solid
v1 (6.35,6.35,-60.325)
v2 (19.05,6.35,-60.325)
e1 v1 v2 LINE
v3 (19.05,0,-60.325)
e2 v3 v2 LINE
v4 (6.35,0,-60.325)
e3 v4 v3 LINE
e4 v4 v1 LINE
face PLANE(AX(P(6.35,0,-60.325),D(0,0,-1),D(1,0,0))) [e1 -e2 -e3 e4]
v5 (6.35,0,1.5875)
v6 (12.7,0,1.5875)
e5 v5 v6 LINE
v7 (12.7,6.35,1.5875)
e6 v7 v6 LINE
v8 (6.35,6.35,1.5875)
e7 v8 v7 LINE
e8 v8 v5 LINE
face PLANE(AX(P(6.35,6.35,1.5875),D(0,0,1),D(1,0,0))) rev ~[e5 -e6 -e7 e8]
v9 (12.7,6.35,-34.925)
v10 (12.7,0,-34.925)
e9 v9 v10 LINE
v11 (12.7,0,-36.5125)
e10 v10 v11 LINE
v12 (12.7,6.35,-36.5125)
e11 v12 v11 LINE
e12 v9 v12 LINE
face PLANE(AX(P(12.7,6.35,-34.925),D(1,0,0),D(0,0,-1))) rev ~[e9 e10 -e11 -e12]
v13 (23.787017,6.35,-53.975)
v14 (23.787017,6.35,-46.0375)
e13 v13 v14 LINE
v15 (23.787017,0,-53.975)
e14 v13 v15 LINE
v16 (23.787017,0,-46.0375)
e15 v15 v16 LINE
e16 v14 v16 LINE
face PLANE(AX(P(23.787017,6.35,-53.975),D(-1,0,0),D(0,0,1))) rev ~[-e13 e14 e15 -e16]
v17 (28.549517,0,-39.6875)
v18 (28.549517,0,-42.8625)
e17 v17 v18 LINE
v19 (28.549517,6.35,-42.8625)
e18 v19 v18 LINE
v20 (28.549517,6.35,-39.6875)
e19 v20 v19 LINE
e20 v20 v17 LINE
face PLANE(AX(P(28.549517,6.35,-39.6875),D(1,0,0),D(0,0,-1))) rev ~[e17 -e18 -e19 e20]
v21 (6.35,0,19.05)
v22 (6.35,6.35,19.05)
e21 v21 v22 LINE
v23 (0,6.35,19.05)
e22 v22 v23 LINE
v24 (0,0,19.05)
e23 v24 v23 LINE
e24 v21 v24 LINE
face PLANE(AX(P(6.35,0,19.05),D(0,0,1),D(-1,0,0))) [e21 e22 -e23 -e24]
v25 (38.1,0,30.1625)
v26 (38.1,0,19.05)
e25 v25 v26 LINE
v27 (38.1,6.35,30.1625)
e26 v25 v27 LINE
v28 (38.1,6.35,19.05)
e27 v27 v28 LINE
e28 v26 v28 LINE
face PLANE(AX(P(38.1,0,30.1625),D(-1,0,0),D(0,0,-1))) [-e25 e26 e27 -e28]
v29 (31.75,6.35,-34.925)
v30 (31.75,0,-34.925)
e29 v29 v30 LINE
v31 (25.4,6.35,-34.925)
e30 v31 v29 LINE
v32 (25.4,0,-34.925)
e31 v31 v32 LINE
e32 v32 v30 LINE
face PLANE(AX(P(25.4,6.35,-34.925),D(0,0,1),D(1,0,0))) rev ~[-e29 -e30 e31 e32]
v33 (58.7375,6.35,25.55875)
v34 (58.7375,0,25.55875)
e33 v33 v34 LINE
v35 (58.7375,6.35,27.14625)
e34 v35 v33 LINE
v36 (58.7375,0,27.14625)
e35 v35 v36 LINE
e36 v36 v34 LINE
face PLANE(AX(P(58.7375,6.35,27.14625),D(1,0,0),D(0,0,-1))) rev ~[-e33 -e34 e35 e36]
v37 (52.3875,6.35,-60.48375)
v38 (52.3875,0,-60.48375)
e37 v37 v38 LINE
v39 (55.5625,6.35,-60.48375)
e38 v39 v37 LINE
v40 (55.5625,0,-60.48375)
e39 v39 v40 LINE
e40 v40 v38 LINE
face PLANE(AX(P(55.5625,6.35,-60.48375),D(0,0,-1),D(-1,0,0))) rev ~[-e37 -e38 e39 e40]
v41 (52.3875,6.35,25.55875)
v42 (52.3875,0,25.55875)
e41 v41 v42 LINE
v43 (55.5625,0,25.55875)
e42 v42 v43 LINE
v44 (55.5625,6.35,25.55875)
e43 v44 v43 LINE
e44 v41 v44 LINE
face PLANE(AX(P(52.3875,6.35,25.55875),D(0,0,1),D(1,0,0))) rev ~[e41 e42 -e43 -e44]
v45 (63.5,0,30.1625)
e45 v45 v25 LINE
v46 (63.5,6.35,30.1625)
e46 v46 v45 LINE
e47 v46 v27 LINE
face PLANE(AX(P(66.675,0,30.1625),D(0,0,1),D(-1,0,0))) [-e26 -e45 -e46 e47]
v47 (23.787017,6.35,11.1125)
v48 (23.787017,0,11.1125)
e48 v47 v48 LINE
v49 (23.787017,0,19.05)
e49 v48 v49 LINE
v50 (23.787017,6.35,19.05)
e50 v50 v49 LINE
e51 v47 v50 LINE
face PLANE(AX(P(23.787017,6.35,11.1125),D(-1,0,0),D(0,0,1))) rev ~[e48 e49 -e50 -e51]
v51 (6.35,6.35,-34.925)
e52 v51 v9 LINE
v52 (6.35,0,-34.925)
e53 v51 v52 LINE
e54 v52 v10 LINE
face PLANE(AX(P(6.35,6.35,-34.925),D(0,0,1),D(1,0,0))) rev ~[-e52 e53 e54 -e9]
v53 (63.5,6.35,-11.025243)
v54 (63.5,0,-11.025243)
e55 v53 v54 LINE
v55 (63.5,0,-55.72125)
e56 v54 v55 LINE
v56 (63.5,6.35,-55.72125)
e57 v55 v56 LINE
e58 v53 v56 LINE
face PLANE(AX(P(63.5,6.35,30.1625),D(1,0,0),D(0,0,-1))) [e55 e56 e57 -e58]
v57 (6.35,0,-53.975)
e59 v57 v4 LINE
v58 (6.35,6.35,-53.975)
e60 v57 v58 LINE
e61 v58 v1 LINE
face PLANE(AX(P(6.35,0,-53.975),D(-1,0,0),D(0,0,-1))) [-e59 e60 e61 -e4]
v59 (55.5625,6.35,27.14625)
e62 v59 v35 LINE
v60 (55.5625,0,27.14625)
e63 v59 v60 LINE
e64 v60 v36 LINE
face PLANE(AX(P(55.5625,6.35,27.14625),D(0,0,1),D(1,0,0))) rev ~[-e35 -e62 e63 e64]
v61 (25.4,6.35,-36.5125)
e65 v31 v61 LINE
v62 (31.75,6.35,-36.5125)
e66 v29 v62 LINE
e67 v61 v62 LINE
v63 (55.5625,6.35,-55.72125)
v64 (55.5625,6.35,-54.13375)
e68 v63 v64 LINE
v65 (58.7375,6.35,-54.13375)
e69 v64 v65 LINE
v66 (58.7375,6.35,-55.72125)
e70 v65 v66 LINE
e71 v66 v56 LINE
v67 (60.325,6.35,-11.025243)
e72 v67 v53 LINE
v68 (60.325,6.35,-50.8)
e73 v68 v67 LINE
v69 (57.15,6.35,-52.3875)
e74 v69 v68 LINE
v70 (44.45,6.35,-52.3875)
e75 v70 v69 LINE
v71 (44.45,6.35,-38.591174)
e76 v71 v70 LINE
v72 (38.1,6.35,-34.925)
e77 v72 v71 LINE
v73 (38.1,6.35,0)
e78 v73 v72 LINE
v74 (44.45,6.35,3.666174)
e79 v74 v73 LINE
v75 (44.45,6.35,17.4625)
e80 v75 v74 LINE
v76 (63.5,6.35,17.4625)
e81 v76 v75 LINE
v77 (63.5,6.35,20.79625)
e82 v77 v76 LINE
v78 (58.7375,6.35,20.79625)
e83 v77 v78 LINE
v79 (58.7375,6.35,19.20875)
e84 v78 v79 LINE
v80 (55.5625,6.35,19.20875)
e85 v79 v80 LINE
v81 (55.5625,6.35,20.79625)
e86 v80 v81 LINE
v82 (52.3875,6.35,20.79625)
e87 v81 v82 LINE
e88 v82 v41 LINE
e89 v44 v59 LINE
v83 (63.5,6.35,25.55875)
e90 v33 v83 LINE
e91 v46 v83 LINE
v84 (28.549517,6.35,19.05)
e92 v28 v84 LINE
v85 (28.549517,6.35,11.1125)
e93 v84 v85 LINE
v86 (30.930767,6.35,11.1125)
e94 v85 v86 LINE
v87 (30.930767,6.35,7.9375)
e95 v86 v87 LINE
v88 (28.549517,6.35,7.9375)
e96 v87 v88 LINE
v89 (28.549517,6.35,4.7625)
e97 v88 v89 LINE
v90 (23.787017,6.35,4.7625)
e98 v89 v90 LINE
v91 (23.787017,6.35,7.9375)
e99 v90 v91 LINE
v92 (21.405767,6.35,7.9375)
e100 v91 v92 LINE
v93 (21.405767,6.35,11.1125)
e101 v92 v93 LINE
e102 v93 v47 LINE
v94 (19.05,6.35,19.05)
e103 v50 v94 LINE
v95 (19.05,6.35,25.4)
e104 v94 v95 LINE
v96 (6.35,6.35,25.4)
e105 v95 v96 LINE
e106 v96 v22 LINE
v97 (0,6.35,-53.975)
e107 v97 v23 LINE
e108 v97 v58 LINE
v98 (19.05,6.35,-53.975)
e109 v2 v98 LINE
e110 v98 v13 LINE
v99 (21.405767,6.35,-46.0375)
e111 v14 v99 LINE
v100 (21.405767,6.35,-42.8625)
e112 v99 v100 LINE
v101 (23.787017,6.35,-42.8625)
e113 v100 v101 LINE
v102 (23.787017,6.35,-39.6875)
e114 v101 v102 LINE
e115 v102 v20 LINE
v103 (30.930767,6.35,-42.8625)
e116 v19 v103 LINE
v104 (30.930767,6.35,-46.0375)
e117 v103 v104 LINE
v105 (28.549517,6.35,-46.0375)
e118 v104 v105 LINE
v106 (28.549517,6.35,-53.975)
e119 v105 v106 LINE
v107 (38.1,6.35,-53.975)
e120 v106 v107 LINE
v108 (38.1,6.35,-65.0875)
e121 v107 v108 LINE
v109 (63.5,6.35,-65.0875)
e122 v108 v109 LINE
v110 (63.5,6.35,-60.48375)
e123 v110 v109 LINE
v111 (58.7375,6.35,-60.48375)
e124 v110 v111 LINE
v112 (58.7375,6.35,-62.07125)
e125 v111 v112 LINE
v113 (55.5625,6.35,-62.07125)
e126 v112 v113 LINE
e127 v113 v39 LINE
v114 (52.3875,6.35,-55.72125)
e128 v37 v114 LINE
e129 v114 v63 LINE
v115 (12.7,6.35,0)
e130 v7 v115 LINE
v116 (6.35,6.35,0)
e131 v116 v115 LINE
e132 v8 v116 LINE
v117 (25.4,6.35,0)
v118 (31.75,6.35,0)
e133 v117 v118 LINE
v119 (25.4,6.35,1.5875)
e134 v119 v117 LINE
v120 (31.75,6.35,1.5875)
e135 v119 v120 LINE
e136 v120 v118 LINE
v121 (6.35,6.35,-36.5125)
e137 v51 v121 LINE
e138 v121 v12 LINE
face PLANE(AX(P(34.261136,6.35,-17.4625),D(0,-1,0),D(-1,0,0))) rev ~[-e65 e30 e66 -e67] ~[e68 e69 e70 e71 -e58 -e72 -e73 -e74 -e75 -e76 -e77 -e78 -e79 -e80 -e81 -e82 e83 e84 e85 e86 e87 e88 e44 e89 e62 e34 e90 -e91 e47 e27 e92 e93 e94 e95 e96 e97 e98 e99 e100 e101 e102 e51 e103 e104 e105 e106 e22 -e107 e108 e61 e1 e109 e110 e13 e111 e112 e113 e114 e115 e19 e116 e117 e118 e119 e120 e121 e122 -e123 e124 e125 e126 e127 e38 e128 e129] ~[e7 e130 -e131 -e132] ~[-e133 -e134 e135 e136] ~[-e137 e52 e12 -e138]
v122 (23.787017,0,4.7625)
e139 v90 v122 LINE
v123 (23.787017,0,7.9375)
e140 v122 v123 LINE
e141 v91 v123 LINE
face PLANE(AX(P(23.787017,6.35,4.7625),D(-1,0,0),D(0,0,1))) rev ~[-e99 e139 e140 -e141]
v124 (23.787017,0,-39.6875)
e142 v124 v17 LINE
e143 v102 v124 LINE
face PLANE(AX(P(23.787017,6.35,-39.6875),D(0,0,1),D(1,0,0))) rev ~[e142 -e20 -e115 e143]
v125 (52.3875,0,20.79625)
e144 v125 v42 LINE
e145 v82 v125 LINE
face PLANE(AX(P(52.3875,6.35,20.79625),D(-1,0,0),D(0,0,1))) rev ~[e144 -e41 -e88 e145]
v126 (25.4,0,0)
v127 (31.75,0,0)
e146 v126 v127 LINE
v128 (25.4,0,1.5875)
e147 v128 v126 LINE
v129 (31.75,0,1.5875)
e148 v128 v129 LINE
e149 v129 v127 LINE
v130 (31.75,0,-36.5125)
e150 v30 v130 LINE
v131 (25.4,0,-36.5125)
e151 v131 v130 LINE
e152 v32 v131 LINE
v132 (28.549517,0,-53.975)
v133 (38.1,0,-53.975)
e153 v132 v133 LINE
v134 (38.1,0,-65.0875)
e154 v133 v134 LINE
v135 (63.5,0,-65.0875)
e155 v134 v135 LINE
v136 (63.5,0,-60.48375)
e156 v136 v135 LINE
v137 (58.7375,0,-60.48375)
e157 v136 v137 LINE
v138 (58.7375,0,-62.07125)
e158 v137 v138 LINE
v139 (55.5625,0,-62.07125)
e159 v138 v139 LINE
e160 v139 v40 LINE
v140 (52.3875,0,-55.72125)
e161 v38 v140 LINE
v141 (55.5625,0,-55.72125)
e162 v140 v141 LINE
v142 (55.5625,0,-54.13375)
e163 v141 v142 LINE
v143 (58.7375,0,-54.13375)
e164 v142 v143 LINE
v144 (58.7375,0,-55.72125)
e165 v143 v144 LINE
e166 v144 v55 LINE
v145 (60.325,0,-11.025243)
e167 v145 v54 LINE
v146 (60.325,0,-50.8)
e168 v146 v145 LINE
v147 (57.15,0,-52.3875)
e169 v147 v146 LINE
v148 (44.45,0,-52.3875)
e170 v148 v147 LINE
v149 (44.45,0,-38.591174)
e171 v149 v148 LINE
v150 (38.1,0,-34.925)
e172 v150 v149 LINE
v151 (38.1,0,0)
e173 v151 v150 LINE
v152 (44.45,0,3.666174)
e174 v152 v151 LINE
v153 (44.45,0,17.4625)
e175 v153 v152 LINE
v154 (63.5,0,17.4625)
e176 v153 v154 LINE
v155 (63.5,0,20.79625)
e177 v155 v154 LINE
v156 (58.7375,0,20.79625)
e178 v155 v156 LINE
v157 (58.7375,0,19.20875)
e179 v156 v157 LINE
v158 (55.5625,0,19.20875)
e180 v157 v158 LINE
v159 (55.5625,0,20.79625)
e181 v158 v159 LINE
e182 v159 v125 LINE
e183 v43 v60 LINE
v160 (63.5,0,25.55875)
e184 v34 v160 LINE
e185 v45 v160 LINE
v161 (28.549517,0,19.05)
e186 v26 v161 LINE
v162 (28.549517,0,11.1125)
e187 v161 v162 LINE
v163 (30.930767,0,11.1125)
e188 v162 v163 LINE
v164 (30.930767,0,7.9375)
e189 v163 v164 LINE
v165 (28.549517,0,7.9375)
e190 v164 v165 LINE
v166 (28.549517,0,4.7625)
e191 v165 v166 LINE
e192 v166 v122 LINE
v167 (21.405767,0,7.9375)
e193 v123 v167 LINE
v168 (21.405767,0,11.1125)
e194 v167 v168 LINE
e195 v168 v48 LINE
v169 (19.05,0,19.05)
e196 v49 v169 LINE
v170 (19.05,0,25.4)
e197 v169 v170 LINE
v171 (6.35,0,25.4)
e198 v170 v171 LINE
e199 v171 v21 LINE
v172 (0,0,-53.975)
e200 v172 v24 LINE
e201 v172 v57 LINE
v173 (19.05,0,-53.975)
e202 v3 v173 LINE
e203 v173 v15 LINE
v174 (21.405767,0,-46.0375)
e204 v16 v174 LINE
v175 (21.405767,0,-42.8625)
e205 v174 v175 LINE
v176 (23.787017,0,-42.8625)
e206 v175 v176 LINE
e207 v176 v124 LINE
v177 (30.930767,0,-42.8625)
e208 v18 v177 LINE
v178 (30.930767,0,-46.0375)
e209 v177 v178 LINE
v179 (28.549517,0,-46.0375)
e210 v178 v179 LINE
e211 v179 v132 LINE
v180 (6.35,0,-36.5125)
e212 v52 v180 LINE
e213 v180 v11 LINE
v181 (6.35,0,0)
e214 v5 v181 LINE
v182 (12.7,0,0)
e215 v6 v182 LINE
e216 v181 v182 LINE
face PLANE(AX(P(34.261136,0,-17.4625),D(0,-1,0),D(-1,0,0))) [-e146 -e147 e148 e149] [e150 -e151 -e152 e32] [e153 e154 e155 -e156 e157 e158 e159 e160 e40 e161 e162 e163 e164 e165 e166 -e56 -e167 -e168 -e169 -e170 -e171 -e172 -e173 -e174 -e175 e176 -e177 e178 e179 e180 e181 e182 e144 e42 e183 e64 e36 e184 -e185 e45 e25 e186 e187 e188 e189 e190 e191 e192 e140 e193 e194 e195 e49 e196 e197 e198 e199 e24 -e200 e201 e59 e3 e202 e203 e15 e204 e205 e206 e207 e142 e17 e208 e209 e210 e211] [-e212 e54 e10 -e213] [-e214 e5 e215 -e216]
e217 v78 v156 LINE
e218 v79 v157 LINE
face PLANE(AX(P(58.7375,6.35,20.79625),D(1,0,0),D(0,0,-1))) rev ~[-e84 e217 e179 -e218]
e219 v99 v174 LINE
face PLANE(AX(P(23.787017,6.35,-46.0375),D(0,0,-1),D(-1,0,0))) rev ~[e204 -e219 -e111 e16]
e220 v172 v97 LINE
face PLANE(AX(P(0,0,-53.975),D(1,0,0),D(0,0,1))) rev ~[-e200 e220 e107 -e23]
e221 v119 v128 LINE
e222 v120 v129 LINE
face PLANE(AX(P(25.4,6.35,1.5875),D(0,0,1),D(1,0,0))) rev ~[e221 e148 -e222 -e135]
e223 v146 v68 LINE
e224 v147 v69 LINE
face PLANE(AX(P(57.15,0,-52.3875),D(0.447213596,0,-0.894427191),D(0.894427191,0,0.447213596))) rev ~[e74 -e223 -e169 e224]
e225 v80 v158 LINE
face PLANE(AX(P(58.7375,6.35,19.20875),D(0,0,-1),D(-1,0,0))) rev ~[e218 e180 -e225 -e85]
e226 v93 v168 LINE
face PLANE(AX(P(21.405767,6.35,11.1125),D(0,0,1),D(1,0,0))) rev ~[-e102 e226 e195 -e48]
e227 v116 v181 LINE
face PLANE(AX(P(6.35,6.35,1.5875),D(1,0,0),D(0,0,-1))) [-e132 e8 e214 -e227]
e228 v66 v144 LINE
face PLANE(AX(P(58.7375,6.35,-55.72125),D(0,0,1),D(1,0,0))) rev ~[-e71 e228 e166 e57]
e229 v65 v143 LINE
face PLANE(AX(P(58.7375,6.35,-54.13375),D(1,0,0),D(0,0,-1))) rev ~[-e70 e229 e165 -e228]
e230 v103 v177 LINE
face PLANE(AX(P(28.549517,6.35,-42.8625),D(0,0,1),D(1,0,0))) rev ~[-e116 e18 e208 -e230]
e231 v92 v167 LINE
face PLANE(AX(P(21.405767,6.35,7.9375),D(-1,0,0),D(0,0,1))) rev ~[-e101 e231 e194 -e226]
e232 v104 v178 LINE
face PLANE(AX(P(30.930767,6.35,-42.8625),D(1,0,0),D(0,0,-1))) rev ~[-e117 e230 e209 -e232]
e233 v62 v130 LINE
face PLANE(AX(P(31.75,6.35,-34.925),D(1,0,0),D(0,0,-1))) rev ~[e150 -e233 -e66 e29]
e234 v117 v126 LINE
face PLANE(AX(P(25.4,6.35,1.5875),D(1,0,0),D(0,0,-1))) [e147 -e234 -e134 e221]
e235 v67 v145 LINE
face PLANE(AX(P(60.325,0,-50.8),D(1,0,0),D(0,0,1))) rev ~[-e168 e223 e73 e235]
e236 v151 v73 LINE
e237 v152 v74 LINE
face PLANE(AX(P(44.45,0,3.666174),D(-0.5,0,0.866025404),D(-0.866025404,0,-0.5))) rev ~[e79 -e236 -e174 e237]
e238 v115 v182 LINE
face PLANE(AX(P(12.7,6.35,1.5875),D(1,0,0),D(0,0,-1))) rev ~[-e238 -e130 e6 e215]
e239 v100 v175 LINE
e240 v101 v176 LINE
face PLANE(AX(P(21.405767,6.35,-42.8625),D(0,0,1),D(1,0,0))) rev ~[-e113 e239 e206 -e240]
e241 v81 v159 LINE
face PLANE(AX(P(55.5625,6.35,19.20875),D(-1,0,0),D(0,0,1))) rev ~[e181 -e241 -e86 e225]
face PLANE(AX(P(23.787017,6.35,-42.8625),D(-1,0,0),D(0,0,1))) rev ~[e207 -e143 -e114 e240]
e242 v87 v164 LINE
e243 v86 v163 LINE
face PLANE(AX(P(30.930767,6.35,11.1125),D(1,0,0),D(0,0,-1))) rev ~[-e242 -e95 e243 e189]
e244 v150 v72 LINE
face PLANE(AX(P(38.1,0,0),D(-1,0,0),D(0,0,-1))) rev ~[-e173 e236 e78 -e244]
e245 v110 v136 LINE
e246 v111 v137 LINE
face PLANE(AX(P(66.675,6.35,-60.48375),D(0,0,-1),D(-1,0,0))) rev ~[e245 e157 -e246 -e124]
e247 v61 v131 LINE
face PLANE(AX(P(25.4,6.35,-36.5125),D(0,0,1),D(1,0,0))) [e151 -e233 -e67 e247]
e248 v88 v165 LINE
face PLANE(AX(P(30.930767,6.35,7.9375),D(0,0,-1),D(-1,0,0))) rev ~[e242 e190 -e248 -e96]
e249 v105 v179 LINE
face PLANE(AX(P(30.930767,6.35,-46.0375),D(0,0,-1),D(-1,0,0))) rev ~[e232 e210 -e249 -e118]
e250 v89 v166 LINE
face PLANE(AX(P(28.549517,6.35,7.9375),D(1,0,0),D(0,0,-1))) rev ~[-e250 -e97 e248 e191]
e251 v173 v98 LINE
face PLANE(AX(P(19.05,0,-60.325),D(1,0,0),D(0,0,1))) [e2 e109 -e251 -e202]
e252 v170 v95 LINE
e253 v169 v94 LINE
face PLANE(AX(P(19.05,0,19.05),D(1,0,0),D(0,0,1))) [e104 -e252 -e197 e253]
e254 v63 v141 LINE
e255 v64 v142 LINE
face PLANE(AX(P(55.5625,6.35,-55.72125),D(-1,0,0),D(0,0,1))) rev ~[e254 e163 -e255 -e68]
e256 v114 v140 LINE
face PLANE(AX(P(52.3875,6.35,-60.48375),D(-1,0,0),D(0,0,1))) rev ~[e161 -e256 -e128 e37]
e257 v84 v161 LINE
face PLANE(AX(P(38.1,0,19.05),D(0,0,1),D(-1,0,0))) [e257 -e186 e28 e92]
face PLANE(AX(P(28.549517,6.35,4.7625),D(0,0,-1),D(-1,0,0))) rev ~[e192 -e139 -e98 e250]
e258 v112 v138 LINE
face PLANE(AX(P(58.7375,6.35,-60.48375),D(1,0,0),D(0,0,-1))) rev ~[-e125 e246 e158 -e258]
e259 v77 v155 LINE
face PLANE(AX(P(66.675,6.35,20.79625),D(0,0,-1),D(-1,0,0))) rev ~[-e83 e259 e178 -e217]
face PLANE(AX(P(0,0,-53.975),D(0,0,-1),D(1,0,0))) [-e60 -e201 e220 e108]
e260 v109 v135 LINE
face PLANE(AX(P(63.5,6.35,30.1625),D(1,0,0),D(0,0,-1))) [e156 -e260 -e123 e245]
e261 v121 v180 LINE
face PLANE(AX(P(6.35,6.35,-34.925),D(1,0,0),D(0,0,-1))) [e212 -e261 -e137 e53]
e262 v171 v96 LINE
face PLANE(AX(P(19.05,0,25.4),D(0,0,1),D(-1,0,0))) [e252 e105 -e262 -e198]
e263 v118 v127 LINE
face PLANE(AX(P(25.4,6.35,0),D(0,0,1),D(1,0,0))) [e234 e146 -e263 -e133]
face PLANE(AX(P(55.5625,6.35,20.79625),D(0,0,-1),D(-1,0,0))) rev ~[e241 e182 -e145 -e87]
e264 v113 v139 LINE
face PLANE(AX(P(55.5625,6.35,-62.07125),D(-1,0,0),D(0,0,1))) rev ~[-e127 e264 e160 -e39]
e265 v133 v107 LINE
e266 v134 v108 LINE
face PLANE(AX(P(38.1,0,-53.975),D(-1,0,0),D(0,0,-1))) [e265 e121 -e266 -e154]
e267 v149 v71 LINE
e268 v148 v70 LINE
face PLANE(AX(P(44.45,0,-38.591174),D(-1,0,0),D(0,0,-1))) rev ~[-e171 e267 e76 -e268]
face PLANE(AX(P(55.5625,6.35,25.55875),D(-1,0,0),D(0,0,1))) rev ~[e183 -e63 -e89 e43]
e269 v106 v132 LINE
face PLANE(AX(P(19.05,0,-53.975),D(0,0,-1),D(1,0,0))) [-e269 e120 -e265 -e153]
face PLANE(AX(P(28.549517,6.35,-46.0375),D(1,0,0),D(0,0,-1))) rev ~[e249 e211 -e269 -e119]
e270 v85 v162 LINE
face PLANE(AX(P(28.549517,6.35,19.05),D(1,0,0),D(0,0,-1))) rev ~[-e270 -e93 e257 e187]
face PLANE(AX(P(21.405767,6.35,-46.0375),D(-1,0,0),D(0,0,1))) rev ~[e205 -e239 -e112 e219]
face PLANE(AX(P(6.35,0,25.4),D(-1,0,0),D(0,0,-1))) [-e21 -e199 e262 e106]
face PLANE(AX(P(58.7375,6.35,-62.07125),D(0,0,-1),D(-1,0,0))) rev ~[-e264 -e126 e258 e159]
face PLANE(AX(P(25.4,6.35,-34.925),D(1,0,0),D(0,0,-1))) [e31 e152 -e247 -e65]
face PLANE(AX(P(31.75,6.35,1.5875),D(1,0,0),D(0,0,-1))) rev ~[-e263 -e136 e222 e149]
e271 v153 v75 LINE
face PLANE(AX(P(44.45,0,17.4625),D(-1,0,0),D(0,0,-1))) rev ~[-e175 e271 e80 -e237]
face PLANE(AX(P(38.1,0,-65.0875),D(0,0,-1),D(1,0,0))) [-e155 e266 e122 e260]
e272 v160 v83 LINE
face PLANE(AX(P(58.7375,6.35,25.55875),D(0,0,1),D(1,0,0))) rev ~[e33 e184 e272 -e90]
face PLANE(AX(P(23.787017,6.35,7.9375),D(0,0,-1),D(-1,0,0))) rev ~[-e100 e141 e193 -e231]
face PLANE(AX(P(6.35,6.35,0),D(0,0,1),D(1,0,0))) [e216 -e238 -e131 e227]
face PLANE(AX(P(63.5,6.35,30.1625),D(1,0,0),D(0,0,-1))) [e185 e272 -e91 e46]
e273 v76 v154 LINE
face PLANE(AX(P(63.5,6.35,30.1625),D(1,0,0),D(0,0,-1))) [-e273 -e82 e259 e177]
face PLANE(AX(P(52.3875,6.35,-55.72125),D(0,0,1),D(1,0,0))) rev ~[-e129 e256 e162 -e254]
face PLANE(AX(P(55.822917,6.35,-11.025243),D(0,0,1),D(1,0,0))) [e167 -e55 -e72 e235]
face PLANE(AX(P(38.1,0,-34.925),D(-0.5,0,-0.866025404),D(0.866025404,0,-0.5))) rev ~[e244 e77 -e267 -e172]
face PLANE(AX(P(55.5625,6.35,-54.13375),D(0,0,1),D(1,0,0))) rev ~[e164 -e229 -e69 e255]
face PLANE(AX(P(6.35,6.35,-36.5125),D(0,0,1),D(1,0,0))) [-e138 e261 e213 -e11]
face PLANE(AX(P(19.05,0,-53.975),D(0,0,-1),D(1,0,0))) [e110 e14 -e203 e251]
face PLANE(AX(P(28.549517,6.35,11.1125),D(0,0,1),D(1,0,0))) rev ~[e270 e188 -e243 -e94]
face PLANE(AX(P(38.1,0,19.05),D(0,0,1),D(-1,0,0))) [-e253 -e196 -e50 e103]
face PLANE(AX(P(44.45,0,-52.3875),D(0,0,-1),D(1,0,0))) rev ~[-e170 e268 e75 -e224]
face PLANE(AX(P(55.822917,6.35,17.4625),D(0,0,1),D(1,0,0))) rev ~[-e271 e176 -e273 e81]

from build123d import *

# Parameters (mm, degrees)
BOSS_EXTRUDE1_DEPTH = 6.35
SKETCH2_W           = 6.35
SKETCH2_H           = 1.5875
CUT_EXTRUDE1_DEPTH  = 6.35
CUT_EXTRUDE2_DEPTH  = 6.35
SKETCH4_W           = 36.519416468
SKETCH4_H           = 95.25
CUT_EXTRUDE5_DEPTH  = 6.35
SKETCH7_W           = 18.153928565
SKETCH7_H           = 28.487742684
CUT_EXTRUDE6_DEPTH  = 6.35


with BuildPart() as part:
    # Sketch1 → Boss-Extrude1 (new body)
    with BuildSketch(Plane(origin=(0, 0, 0), x_dir=(1, 0, 0), z_dir=(0, 1, 0))):
        Polygon((38.1, 65.0875), (66.675, 65.0875), (66.675, -30.1625), (38.1, -30.1625), (38.1, -19.05), (19.05, -19.05), (19.05, -25.4), (6.35, -25.4), (6.35, -19.05), (0, -19.05), (0, 0), (0, 34.925), (0, 53.975), (6.35, 53.975), (6.35, 60.325), (19.05, 60.325), (19.05, 53.975), (38.1, 53.975), align=None)
        Polygon((38.1, 34.925), (44.45, 38.591174209), (44.45, 52.3875), (57.15, 52.3875), (60.325, 50.8), (60.325, -15.875), (57.15, -17.4625), (44.45, -17.4625), (44.45, -3.666174209), (38.1, 0), align=None, mode=Mode.SUBTRACT)
    extrude(amount=BOSS_EXTRUDE1_DEPTH)

    # Sketch2 → Cut-Extrude1 (cut)
    with BuildSketch(Plane(origin=(0, 6.35, 0), x_dir=(1, 0, 0), z_dir=(0, 1, 0))):
        with Locations((9.525, 35.71875)):
            Rectangle(SKETCH2_W, SKETCH2_H)
        with Locations((9.525, -0.79375)):
            Rectangle(SKETCH2_W, SKETCH2_H)
        with Locations((28.575, 35.71875)):
            Rectangle(SKETCH2_W, SKETCH2_H)
        with Locations((28.575, -0.79375)):
            Rectangle(SKETCH2_W, SKETCH2_H)
    extrude(amount=-CUT_EXTRUDE1_DEPTH, mode=Mode.SUBTRACT)

    # Sketch3 → Cut-Extrude2 (cut)
    with BuildSketch(Plane(origin=(0, 6.35, 0), x_dir=(1, 0, 0), z_dir=(0, 1, 0))):
        Polygon((28.549517374, 53.975), (23.787017374, 53.975), (23.787017374, 46.0375), (21.405767374, 46.0375), (21.405767374, 42.8625), (23.787017374, 42.8625), (23.787017374, 39.6875), (28.549517374, 39.6875), (28.549517374, 42.8625), (30.930767374, 42.8625), (30.930767374, 46.0375), (28.549517374, 46.0375), align=None)
        Polygon((66.675, 55.72125), (66.675, 60.48375), (58.7375, 60.48375), (58.7375, 62.07125), (55.5625, 62.07125), (55.5625, 60.48375), (52.3875, 60.48375), (52.3875, 55.72125), (55.5625, 55.72125), (55.5625, 54.13375), (58.7375, 54.13375), (58.7375, 55.72125), align=None)
        Polygon((55.5625, -27.14625), (58.7375, -27.14625), (58.7375, -25.55875), (66.675, -25.55875), (66.675, -20.79625), (58.7375, -20.79625), (58.7375, -19.20875), (55.5625, -19.20875), (55.5625, -20.79625), (52.3875, -20.79625), (52.3875, -25.55875), (55.5625, -25.55875), align=None)
        Polygon((28.549517374, -11.1125), (30.930767374, -11.1125), (30.930767374, -7.9375), (28.549517374, -7.9375), (28.549517374, -4.7625), (23.787017374, -4.7625), (23.787017374, -7.9375), (21.405767374, -7.9375), (21.405767374, -11.1125), (23.787017374, -11.1125), (23.787017374, -19.05), (28.549517374, -19.05), align=None)
    extrude(amount=-CUT_EXTRUDE2_DEPTH, mode=Mode.SUBTRACT)

    # Sketch4 → Cut-Extrude5 (cut)
    with BuildSketch(Plane(origin=(0, 6.35, 0), x_dir=(1, 0, 0), z_dir=(0, 1, 0))):
        with Locations((81.759708234, 17.4625)):
            Rectangle(SKETCH4_W, SKETCH4_H)
    extrude(amount=-CUT_EXTRUDE5_DEPTH, mode=Mode.SUBTRACT)

    # Sketch7 → Cut-Extrude6 (cut)
    with BuildSketch(Plane(origin=(0, 6.35, 0), x_dir=(1, 0, 0), z_dir=(0, 1, 0))):
        with Locations((64.899881691, -3.218628658)):
            Rectangle(SKETCH7_W, SKETCH7_H)
    extrude(amount=-CUT_EXTRUDE6_DEPTH, mode=Mode.SUBTRACT)


solid = part.part
